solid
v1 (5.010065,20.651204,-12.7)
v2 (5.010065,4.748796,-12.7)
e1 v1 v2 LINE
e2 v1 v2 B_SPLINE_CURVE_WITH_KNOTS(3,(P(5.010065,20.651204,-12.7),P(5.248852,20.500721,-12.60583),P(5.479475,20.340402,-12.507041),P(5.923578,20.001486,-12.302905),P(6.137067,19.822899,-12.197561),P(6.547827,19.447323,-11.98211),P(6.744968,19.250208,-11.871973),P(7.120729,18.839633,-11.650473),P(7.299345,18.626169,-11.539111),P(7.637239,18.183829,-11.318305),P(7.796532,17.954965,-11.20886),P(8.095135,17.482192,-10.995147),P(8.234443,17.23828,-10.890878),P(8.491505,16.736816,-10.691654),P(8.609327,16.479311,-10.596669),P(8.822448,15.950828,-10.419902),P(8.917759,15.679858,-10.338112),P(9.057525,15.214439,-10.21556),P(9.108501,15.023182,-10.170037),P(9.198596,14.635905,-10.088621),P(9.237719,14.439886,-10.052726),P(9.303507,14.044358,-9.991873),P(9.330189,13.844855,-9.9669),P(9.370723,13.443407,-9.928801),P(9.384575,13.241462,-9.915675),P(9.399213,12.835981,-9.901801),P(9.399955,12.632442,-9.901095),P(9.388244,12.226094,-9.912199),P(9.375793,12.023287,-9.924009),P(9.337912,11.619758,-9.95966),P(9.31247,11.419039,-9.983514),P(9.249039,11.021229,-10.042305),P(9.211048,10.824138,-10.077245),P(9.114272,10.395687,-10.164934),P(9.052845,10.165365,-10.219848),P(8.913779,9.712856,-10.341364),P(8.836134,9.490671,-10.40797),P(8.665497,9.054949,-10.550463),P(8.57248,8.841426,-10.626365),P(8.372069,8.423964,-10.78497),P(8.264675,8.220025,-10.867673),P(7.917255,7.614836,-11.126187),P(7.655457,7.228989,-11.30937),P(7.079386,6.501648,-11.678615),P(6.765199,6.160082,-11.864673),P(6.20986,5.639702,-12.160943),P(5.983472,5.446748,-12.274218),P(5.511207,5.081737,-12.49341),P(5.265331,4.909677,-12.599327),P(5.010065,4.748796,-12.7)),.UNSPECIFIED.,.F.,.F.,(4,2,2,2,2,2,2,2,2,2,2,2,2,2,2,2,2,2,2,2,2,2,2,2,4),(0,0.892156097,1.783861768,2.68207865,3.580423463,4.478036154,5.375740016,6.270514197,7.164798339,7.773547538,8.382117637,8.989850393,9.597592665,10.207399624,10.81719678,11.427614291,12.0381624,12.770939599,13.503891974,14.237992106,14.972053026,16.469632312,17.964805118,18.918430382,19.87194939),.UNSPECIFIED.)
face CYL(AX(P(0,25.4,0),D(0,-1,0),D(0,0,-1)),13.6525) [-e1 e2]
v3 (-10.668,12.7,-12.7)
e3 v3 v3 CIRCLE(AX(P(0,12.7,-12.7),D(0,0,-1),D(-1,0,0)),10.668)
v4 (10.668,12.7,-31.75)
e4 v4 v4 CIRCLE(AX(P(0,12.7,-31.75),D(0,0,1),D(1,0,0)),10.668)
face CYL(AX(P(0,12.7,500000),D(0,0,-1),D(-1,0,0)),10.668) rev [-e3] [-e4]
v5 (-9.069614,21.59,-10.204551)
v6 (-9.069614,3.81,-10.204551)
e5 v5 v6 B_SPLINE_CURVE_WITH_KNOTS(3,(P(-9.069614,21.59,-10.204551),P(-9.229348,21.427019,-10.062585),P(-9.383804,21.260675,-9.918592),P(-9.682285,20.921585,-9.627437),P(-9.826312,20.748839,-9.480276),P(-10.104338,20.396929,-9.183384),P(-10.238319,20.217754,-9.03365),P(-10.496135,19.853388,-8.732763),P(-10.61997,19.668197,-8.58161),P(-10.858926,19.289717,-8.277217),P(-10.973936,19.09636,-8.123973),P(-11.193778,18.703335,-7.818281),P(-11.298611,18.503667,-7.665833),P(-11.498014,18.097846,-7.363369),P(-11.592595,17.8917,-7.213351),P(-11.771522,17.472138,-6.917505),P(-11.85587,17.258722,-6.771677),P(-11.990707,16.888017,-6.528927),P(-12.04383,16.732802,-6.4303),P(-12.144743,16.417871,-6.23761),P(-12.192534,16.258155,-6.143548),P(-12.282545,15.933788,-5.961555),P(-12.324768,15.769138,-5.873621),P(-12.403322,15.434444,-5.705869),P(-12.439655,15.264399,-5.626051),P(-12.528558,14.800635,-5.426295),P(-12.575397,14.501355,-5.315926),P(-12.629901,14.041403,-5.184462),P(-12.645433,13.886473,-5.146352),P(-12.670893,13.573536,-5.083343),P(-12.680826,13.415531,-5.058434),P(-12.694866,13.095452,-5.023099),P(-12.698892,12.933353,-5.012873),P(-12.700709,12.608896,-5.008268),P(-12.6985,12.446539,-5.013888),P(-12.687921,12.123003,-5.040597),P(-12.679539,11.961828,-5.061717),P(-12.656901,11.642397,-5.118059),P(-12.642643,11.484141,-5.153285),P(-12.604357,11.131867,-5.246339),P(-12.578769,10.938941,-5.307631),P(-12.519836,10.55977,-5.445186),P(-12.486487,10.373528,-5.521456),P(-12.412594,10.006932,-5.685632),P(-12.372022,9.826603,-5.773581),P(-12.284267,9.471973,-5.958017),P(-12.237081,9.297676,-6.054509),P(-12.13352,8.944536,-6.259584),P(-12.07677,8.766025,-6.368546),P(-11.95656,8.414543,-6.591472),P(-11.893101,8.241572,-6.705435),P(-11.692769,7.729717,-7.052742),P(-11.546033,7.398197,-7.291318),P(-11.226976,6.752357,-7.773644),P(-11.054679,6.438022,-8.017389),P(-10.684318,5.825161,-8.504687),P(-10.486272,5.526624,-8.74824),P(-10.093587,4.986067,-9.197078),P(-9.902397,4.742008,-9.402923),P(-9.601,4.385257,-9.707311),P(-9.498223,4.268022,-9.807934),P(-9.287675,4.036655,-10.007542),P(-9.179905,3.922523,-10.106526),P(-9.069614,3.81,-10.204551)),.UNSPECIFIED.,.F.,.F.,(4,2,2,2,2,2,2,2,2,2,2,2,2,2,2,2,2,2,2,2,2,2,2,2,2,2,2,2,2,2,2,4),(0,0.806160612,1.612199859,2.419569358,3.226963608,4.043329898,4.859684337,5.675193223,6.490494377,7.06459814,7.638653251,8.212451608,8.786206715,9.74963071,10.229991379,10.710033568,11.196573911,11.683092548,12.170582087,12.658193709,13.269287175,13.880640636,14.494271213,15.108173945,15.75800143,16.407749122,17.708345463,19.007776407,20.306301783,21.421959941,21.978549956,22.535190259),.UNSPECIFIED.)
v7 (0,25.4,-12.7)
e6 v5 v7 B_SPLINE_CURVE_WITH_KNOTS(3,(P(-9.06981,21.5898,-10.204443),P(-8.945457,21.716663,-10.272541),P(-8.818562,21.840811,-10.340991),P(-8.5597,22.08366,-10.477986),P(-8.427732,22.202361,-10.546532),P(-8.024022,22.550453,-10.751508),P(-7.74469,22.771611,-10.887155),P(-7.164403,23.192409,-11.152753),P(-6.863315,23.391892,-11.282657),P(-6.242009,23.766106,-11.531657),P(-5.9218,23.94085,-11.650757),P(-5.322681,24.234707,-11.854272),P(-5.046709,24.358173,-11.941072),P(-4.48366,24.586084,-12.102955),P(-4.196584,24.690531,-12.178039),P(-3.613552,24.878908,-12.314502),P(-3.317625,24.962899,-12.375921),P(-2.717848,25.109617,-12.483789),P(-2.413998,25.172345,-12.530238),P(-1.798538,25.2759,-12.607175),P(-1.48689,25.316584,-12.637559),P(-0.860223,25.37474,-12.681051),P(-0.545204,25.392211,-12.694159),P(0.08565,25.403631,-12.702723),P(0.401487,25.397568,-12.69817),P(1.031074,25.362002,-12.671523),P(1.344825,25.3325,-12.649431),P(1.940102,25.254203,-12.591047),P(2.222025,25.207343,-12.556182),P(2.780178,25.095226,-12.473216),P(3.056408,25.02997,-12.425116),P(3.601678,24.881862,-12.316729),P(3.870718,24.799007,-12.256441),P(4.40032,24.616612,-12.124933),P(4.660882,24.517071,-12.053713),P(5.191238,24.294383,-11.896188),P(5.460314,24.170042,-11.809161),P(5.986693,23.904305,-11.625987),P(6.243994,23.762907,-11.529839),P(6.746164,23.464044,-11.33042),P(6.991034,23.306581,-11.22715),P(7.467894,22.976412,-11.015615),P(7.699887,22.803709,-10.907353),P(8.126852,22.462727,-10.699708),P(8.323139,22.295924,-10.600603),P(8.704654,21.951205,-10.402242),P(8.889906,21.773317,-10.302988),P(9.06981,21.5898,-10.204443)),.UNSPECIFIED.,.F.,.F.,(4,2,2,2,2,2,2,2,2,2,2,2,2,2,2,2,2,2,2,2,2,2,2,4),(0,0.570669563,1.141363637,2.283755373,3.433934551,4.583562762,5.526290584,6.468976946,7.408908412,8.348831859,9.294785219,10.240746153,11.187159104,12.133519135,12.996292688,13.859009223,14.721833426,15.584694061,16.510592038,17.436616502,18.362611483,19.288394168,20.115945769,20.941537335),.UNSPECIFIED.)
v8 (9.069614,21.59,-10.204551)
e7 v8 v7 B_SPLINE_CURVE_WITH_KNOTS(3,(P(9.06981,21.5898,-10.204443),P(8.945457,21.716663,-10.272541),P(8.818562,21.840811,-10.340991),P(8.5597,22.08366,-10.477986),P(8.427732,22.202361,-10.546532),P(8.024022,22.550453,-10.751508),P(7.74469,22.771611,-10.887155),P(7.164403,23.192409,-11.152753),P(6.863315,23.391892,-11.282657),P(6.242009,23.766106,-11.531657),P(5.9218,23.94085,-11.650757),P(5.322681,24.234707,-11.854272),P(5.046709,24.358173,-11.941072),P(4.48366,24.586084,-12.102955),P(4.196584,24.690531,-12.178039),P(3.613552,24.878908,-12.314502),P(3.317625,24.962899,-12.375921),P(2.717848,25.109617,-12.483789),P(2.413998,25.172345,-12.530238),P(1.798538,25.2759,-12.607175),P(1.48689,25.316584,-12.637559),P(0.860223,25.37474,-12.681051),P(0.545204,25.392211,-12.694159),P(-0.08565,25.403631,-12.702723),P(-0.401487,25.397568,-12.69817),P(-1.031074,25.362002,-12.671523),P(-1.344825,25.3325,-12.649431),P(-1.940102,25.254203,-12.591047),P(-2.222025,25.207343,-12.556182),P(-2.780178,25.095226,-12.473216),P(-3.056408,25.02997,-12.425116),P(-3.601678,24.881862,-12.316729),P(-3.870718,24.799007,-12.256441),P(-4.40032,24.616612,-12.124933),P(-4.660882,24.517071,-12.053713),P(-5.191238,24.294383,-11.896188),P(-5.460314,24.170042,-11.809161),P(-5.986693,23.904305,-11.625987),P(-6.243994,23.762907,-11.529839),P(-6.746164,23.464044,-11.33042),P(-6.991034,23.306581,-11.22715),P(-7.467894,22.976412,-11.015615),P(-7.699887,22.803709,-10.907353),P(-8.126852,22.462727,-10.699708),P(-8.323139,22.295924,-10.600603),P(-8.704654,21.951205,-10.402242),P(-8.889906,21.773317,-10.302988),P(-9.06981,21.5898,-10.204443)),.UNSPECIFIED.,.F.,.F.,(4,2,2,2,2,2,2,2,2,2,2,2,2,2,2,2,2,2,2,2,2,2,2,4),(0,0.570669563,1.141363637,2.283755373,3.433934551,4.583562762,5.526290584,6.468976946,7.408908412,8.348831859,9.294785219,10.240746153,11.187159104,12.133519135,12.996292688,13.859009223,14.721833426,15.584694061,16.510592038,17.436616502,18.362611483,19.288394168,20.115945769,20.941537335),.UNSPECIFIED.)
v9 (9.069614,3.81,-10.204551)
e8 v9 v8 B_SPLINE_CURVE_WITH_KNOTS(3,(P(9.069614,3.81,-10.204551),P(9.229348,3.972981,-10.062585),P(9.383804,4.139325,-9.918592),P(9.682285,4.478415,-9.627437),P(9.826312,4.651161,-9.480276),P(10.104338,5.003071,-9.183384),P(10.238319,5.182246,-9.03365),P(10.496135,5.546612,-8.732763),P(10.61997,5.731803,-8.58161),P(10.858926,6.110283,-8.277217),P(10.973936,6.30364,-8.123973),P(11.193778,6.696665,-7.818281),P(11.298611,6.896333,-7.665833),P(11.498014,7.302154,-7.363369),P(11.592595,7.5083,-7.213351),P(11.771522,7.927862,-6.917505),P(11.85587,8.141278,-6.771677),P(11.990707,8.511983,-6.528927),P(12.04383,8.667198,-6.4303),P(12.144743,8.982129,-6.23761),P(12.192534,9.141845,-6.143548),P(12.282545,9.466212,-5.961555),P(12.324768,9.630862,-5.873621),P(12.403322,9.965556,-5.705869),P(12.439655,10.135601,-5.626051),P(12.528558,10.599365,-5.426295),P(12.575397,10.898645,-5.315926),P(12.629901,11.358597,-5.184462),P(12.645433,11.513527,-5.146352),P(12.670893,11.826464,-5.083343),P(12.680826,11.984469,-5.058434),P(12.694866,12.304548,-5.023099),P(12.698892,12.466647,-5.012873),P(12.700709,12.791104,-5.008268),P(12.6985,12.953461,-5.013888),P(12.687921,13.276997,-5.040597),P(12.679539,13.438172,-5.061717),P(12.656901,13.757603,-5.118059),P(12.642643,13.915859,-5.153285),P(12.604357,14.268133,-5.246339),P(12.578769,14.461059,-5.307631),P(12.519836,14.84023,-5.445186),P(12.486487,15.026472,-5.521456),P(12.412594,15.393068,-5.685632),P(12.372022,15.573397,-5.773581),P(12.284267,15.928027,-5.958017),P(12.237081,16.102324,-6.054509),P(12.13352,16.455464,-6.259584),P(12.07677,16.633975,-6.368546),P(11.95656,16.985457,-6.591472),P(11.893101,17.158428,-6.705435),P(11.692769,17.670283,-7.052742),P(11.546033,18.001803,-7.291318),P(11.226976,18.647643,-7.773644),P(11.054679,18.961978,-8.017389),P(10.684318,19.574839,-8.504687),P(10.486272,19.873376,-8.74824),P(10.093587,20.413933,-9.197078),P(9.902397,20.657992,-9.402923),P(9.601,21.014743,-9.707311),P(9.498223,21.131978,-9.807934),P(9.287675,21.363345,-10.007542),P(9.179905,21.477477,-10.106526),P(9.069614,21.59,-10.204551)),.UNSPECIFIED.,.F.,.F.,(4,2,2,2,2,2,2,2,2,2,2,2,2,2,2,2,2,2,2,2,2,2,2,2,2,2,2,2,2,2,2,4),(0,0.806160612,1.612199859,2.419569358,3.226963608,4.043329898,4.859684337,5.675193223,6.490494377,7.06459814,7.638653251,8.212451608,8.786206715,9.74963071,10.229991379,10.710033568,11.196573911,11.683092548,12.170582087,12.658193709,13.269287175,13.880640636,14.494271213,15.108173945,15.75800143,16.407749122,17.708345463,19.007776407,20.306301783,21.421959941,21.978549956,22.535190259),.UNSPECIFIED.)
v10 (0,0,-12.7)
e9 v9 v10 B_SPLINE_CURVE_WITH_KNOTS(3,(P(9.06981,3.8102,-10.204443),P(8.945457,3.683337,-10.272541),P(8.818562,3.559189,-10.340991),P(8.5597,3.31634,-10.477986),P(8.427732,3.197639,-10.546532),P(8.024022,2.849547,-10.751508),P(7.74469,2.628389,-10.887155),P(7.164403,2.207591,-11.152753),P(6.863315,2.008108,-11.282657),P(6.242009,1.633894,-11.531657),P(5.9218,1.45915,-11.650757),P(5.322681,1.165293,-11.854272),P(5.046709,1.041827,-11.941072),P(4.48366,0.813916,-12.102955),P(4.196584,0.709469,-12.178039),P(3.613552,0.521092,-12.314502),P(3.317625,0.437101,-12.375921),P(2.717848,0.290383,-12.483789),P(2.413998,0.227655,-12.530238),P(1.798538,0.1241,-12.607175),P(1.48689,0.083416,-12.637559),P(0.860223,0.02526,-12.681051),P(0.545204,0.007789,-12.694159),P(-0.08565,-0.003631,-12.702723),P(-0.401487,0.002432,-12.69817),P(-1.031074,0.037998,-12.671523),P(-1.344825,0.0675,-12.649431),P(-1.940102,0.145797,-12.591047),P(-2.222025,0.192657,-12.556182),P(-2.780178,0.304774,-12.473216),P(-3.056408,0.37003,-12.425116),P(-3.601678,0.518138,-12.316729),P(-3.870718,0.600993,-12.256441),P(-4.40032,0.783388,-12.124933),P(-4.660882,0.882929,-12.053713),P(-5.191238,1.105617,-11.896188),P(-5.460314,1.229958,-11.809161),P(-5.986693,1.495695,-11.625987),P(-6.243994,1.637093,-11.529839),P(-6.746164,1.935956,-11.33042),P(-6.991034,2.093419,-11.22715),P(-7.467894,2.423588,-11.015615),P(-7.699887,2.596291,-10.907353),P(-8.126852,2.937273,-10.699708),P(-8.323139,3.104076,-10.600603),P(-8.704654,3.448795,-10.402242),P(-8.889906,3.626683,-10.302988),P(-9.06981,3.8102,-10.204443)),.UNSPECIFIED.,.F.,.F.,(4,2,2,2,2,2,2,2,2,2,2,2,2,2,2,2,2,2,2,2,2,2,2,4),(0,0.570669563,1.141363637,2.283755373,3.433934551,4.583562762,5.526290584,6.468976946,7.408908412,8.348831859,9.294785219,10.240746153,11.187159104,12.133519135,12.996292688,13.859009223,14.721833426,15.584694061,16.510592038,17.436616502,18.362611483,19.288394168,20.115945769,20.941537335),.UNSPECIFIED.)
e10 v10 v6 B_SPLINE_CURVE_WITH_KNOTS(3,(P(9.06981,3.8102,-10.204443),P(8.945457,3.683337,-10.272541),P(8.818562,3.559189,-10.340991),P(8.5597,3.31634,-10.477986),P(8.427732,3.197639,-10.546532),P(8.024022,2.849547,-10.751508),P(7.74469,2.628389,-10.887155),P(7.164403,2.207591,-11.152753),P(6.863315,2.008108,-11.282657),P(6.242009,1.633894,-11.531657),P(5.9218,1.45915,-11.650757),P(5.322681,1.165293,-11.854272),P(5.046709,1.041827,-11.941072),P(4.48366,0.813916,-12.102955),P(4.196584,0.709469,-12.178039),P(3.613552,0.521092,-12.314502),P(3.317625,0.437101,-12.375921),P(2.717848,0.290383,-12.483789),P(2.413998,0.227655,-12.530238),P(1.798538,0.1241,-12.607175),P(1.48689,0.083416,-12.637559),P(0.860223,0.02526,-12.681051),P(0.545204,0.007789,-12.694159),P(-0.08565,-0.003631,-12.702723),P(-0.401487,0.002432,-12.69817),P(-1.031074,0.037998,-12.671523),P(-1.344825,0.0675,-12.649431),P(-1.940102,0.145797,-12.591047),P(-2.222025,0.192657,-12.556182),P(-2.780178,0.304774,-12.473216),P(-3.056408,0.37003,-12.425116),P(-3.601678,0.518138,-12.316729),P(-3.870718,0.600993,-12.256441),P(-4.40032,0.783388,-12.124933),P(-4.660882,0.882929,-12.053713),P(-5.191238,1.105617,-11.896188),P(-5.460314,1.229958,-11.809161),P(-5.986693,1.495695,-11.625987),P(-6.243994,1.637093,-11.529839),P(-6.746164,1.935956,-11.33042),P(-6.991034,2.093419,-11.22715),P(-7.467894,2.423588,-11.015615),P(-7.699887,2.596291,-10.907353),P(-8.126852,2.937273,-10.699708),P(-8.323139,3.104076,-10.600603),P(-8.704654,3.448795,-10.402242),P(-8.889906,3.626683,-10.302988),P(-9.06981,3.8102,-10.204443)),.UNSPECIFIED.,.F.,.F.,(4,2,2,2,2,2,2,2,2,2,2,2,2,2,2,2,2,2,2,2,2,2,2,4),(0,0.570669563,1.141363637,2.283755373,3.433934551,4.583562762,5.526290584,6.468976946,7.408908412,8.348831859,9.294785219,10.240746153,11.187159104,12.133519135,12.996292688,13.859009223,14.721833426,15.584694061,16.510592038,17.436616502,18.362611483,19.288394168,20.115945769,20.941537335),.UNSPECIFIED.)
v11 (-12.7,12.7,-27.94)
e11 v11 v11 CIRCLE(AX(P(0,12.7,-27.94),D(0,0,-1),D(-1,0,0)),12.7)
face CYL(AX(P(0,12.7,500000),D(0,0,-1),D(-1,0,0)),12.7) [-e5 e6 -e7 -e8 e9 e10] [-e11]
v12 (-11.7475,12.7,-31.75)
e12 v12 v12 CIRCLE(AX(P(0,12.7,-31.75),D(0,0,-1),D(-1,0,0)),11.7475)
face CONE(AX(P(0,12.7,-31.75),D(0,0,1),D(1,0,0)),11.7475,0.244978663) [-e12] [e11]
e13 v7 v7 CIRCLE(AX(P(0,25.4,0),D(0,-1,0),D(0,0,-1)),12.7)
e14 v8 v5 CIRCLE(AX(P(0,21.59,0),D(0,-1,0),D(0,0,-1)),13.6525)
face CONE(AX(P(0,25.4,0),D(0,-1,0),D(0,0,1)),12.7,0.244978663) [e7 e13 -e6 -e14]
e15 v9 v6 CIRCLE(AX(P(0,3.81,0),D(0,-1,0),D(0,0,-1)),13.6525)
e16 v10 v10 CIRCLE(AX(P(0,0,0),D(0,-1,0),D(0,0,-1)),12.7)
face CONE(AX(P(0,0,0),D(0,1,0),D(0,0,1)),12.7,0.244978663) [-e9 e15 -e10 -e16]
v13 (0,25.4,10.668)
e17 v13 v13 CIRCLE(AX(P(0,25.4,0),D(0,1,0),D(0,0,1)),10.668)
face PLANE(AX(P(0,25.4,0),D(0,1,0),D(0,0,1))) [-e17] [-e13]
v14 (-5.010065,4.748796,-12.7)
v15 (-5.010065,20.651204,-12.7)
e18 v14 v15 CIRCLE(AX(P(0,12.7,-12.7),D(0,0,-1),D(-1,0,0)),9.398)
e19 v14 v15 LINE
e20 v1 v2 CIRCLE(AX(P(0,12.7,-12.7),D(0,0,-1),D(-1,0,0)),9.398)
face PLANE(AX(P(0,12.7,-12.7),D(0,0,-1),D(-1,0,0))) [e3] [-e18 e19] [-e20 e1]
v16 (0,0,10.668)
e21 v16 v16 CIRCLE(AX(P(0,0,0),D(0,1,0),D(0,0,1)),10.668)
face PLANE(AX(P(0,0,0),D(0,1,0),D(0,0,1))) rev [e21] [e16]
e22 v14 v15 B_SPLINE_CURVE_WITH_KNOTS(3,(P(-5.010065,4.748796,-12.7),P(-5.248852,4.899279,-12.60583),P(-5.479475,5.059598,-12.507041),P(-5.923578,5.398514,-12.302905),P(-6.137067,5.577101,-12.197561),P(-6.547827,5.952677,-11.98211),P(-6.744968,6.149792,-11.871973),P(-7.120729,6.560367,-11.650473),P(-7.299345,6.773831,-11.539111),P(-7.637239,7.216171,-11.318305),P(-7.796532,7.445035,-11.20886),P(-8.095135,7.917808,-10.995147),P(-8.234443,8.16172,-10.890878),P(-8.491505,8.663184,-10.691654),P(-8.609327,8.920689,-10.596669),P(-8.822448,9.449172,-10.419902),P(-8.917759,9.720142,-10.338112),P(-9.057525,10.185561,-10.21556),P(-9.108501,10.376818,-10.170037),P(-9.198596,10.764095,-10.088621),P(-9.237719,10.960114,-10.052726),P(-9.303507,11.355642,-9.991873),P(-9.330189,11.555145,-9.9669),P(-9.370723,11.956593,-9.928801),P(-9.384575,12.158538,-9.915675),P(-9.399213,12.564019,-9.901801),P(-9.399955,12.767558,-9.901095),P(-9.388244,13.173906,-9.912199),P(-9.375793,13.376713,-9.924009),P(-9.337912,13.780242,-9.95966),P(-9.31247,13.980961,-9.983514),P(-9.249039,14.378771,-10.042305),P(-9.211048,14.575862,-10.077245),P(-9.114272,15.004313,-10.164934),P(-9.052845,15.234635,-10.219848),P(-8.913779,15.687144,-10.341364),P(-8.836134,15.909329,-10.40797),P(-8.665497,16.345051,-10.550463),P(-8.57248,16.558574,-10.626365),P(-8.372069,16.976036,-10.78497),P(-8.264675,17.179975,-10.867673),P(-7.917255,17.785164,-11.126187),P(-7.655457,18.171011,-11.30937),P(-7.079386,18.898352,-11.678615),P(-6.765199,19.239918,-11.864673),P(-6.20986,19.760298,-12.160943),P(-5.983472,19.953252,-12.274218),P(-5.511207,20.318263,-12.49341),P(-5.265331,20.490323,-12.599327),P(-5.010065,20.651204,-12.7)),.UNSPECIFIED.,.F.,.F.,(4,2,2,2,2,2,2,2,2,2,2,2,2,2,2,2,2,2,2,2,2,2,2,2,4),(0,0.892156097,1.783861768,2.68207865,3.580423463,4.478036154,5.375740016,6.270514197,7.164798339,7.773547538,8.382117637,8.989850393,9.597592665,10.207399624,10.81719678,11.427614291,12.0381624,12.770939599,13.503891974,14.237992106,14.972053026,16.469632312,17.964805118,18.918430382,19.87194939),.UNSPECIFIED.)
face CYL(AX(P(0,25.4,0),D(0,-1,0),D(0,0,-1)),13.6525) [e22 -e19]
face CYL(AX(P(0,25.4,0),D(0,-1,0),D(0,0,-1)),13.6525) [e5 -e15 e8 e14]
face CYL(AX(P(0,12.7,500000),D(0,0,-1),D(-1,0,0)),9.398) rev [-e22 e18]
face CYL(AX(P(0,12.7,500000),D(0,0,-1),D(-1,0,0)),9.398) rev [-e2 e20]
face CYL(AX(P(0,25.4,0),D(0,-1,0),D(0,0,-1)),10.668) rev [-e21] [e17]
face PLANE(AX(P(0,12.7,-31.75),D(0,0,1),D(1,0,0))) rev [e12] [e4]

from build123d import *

# Parameters (mm, degrees)
SKETCH1_R           = 13.6525
SKETCH1_R_2         = 10.668
BOSS_EXTRUDE1_DEPTH = 25.4
BOSS_EXTRUDE2_REACH = 55.786
SKETCH4_R           = 12.7
SKETCH4_R_2         = 10.668
SKETCH12_R          = 10.668
CUT_EXTRUDE1_DEPTH  = 19.05
BOSS_EXTRUDE4_REACH = 41.064


with BuildPart() as part:
    # Sketch1 → Boss-Extrude1 (new body)
    with BuildSketch(Plane(origin=(0, 0, 0), x_dir=(1, 0, 0), z_dir=(0, 1, 0))):
        with Locations(Location((0, 0, 0), (0, 0, 270))):
            Circle(SKETCH1_R)
        with Locations(Location((0, 0, 0), (0, 0, 270))):
            Circle(SKETCH1_R_2, mode=Mode.SUBTRACT)
    extrude(amount=BOSS_EXTRUDE1_DEPTH)

    # Sketch10 → Cut-Revolve4 (revolve, cut)
    with BuildSketch(Plane(origin=(0, 0, 0), x_dir=(0, 0, -1), z_dir=(1, 0, 0)), mode=Mode.PRIVATE) as cut_revolve4_sk:
        Polygon((-13.6525, 0), (-13.6525, 3.81), (-12.7, 0), align=None)
    cut_revolve4 = revolve(cut_revolve4_sk.sketch.rotate(Axis((0, 0, 0), (0, 1, 0)), 180), axis=Axis((0, 0, 0), (0, 1, 0)), mode=Mode.SUBTRACT)

    # Mirror1: Cut-Revolve4 across plane
    add(cut_revolve4.mirror(Plane.ZX.offset(12.7)), mode=Mode.SUBTRACT)

    # Sketch4 → Boss-Extrude2 (add, up to next)
    with BuildSketch(Plane.XY.offset(-31.75), mode=Mode.PRIVATE) as boss_extrude2_sk1:
        with Locations(Location((0, 12.7, 0), (0, 0, 224.427003928))):
            Circle(SKETCH4_R)
        with Locations(Location((0, 12.7, 0), (0, 0, 236.442690207))):
            Circle(SKETCH4_R_2, mode=Mode.SUBTRACT)
    boss_extrude2_tool1 = extrude(boss_extrude2_sk1.sketch, amount=BOSS_EXTRUDE2_REACH, mode=Mode.PRIVATE) - part.part
    add(boss_extrude2_tool1.solids().sort_by_distance((8.813087, 21.338553, -31.75))[0])

    # Sketch11 → Cut-Revolve5 (revolve, cut)
    with BuildSketch(Plane(origin=(0, 0, 0), x_dir=(0, 0, -1), z_dir=(1, 0, 0)), mode=Mode.PRIVATE) as cut_revolve5_sk:
        Polygon((31.75, 0), (27.94, 0), (31.75, 0.9525), align=None)
    revolve(cut_revolve5_sk.sketch.rotate(Axis((0, 12.7, -31.75), (0, 0, 1)), 270), axis=Axis((0, 12.7, -31.75), (0, 0, 1)), mode=Mode.SUBTRACT)

    # Sketch12 → Cut-Extrude1 (cut)
    with BuildSketch(Plane(origin=(0, 0, -31.75), x_dir=(-1, 0, 0), z_dir=(0, 0, -1))):
        with Locations(Location((0, 12.7, 0), (0, 0, 303.557309793))):
            Circle(SKETCH12_R)
    extrude(amount=-CUT_EXTRUDE1_DEPTH, mode=Mode.SUBTRACT)

    # Sketch13 → Boss-Extrude4 (add, up to next)
    with BuildSketch(Plane(origin=(0, 0, -12.7), x_dir=(-1, 0, 0), z_dir=(0, 0, -1)), mode=Mode.PRIVATE) as boss_extrude4_sk1:
        with BuildLine():
            ThreePointArc((4.42238726, 2.991822265), (10.668, 12.700000001), (4.422387259, 22.408177735))
            add(Edge.make_bspline(
                [(4.422387248, 22.408177726), (4.714008579, 22.02457668), (5.010065494, 21.59)],
                knots=[0.341540519, 0.341540519, 0.341540519, 0.384917679, 0.384917679, 0.384917679], degree=2, weights=[1, 1.000235206, 1]))
            Line((5.010065494, 21.59), (5.010065494, 20.65120417))
            ThreePointArc((5.010065494, 20.65120417), (9.398, 12.7), (5.010065494, 4.74879583))
            Line((5.010065494, 4.74879583), (5.010065494, 3.81))
            add(Edge.make_bspline(
                [(5.010065496, 3.810000003), (4.714008581, 3.375423322), (4.422387248, 2.991822274)],
                knots=[-0.384917679, -0.384917679, -0.384917679, -0.341540519, -0.341540519, -0.341540519], degree=2, weights=[1, 1.000235206, 1]))
        make_face()
    boss_extrude4_tool1 = extrude(boss_extrude4_sk1.sketch, amount=-BOSS_EXTRUDE4_REACH, mode=Mode.PRIVATE) - part.part
    # Sketch13 → Boss-Extrude4 (add, up to next)
    with BuildSketch(Plane(origin=(0, 0, -12.7), x_dir=(-1, 0, 0), z_dir=(0, 0, -1)), mode=Mode.PRIVATE) as boss_extrude4_sk2:
        with BuildLine():
            add(Edge.make_bspline(
                [(-5.010065494, 21.59), (-4.714008579, 22.02457668), (-4.422387248, 22.408177726)],
                knots=[-0.384917679, -0.384917679, -0.384917679, -0.341540519, -0.341540519, -0.341540519], degree=2, weights=[1, 1.000235206, 1]))
            ThreePointArc((-4.422387259, 22.408177735), (-10.668, 12.7), (-4.422387258, 2.991822265))
            add(Edge.make_bspline(
                [(-4.422387248, 2.991822273), (-4.71400858, 3.375423321), (-5.010065496, 3.810000003)],
                knots=[0.341540519, 0.341540519, 0.341540519, 0.384917679, 0.384917679, 0.384917679], degree=2, weights=[1, 1.000235206, 1]))
            Line((-5.010065494, 3.81), (-5.010065494, 4.74879583))
            ThreePointArc((-5.010065494, 4.74879583), (-9.398, 12.7), (-5.010065494, 20.65120417))
            Line((-5.010065494, 20.65120417), (-5.010065494, 21.59))
        make_face()
    boss_extrude4_tool2 = extrude(boss_extrude4_sk2.sketch, amount=-BOSS_EXTRUDE4_REACH, mode=Mode.PRIVATE) - part.part
    add(boss_extrude4_tool1.solids().sort_by_distance((-10.464039, 12.7, -12.7))[0])
    add(boss_extrude4_tool2.solids().sort_by_distance((5.214027, 21.120602, -12.7))[0])


solid = part.part
